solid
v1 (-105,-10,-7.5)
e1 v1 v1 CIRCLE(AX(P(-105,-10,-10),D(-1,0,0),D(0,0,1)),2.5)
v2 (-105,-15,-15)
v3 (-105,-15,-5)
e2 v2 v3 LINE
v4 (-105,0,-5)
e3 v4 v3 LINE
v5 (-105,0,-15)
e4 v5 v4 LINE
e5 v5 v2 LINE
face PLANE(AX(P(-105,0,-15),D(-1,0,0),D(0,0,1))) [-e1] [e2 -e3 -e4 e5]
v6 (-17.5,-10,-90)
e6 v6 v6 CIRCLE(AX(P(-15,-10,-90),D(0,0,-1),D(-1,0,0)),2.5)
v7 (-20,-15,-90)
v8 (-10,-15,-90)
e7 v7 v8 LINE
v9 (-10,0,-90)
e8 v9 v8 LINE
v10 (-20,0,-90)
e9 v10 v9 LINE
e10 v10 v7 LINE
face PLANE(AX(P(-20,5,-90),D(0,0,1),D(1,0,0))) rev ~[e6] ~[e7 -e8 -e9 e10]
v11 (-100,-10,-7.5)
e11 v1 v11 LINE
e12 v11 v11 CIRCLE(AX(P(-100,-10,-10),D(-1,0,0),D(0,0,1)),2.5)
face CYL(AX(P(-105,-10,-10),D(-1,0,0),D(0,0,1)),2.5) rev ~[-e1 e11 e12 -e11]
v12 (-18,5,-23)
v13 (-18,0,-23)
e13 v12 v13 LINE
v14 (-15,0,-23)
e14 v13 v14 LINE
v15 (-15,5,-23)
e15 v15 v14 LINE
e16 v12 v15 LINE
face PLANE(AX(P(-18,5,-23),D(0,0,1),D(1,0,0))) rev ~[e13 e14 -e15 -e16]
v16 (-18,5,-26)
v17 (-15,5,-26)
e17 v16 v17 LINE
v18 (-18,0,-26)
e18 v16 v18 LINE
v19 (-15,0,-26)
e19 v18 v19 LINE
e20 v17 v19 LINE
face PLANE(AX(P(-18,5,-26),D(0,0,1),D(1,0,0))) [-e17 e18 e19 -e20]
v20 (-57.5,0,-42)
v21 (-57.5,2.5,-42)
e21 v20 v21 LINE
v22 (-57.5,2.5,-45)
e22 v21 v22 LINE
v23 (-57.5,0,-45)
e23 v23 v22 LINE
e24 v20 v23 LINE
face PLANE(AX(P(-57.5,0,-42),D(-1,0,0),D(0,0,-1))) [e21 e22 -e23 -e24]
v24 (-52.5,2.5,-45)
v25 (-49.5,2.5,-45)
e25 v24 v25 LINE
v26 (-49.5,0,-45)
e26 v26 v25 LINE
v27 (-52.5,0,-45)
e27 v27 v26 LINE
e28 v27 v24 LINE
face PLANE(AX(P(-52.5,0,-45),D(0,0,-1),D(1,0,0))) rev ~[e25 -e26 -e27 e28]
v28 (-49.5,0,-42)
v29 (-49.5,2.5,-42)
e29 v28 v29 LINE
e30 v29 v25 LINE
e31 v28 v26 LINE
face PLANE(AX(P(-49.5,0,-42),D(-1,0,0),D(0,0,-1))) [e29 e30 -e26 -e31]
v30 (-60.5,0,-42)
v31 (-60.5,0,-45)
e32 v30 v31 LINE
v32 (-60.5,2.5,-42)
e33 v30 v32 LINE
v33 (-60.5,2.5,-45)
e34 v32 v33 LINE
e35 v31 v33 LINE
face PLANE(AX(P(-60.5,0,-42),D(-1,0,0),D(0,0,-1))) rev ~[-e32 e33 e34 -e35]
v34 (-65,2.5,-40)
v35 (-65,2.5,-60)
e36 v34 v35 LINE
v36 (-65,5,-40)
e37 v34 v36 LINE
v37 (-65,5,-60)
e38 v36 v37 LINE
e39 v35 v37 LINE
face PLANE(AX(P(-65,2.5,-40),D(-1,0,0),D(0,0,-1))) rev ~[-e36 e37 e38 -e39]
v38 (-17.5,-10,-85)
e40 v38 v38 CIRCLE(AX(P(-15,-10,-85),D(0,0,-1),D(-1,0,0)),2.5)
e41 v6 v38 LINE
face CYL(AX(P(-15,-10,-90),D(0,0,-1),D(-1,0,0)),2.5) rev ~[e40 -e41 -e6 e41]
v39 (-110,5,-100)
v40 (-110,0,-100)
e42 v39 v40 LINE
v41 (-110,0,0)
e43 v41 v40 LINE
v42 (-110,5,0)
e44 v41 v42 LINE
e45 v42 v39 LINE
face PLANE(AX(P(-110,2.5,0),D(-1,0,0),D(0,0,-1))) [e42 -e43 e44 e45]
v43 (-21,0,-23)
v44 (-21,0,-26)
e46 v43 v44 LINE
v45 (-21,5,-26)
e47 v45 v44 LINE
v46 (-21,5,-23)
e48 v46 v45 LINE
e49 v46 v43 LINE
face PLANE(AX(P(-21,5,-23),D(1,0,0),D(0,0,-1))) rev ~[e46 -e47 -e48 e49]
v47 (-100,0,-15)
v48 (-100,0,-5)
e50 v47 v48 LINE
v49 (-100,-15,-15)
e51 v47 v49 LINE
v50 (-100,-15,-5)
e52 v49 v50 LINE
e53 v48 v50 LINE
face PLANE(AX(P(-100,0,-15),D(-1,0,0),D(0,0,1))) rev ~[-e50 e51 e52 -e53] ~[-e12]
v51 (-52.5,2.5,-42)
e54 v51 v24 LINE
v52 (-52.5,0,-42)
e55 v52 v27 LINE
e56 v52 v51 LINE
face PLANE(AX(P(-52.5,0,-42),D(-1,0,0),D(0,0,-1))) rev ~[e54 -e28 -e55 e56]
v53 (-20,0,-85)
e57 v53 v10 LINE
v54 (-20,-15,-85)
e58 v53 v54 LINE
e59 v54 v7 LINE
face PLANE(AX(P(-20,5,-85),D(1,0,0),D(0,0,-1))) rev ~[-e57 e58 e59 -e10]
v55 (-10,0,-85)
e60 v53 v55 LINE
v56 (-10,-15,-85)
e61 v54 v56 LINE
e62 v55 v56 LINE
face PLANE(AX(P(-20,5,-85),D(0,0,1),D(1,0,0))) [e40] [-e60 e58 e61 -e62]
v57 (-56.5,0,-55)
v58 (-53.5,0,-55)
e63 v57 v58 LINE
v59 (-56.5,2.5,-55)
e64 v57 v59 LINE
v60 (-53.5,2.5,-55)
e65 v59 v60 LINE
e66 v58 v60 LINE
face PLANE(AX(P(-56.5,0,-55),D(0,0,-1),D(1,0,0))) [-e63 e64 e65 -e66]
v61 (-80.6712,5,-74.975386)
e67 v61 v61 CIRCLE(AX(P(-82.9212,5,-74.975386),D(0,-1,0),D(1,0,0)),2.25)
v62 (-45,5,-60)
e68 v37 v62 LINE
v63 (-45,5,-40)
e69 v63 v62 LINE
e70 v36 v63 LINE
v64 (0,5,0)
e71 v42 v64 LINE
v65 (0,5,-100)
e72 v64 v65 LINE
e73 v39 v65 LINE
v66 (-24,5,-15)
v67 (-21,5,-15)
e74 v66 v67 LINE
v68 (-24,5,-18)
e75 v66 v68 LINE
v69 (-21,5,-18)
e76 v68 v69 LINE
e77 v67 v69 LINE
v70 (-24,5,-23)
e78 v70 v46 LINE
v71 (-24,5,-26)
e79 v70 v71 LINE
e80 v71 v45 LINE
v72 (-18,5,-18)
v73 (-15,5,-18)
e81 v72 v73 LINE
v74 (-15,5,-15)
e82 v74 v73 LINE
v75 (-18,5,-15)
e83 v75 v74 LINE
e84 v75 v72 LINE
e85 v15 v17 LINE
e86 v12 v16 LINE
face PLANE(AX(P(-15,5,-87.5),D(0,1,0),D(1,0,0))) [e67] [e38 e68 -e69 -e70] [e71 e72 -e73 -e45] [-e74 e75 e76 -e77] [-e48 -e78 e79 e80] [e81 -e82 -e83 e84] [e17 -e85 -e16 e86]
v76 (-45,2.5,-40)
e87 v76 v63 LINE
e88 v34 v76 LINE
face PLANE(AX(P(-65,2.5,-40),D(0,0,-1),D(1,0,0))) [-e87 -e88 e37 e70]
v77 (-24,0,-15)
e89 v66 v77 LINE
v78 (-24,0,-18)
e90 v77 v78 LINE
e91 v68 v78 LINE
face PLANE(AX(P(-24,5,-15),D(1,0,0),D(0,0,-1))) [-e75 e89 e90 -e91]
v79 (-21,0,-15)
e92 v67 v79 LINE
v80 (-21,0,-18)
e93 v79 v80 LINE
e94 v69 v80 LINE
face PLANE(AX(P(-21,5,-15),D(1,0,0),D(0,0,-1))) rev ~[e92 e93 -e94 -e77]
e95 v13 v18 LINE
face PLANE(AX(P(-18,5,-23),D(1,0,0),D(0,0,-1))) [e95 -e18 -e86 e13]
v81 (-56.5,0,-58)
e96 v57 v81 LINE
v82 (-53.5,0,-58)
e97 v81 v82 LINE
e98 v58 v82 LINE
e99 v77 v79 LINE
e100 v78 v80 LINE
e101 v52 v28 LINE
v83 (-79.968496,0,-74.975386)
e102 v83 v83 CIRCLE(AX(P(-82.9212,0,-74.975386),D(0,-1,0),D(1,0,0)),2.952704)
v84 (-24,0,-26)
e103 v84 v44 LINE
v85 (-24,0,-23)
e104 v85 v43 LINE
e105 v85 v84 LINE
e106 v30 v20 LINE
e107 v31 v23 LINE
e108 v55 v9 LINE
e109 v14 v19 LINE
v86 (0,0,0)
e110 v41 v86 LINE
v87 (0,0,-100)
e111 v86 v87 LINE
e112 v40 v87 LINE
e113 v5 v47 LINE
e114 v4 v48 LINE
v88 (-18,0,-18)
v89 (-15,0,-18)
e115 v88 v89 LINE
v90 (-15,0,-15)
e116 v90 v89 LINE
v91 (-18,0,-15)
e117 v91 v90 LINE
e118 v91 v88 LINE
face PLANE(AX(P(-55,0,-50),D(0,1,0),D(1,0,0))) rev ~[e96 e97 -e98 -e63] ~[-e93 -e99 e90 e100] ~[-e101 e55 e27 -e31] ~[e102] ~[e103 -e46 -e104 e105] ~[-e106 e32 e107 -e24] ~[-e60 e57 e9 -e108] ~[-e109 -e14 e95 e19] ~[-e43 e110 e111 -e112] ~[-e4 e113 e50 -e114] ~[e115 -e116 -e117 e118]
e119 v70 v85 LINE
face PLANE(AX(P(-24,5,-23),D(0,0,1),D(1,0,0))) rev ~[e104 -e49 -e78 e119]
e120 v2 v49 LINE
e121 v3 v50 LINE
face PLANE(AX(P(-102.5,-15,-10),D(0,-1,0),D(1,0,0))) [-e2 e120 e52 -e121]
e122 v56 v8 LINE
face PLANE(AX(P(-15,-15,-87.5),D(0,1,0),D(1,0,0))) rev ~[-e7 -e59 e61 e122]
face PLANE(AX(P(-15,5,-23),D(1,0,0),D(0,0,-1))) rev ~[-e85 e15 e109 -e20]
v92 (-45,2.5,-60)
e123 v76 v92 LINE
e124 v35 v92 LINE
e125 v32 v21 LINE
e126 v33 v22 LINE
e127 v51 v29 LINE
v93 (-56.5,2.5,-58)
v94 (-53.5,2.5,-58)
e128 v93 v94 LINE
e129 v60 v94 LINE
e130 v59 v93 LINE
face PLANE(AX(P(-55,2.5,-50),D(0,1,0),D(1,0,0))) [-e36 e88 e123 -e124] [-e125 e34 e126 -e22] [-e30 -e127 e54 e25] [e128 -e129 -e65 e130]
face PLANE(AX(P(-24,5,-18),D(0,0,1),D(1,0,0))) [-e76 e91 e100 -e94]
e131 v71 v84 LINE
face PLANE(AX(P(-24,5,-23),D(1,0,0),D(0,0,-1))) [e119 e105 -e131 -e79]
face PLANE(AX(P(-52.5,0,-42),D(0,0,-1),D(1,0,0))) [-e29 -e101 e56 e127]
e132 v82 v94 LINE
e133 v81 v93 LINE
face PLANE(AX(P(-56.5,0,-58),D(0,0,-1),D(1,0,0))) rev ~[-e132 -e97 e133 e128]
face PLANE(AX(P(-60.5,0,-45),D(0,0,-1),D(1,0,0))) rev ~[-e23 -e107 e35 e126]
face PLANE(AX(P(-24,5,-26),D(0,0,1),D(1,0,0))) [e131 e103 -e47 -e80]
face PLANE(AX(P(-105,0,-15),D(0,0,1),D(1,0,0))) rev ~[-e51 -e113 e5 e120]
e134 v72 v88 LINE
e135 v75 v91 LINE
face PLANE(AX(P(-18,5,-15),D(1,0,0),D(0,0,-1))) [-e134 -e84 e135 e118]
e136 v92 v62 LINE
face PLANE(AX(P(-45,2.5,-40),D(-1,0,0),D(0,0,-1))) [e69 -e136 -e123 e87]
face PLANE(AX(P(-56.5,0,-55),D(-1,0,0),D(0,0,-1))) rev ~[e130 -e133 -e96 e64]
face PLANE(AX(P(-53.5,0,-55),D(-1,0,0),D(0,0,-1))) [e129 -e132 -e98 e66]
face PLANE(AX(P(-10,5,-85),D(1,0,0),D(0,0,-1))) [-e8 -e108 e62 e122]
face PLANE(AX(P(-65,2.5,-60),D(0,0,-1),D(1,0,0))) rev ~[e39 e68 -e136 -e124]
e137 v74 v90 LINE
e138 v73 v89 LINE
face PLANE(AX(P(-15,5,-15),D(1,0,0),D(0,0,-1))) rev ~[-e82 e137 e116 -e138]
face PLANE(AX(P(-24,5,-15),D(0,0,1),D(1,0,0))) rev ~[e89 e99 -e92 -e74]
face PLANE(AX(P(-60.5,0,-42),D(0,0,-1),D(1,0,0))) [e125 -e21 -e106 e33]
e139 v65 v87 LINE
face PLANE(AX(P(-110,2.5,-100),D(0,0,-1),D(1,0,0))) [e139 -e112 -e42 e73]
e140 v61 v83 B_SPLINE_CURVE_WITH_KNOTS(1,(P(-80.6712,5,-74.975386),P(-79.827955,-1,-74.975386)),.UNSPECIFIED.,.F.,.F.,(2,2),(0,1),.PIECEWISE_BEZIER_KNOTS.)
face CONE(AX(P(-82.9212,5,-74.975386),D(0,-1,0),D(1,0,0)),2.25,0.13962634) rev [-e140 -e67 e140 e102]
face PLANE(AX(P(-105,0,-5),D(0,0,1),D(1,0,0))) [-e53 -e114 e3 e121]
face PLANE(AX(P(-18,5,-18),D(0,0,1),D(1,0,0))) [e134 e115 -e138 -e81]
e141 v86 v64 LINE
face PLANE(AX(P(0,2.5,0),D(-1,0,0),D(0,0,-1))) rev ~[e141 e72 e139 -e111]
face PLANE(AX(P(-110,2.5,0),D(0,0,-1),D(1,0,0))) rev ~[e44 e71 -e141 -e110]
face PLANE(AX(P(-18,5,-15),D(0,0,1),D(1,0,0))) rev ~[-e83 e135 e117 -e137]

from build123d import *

# Parameters (mm, degrees)
SKETCH1_W           = 110
SKETCH1_H           = 100
SKETCH1_W_2         = 3
SKETCH1_H_2         = 3
BOSS_EXTRUDE1_DEPTH = 2.5
SKETCH2_W           = 110
SKETCH2_H           = 100
SKETCH2_W_2         = 20
SKETCH2_H_2         = 20
BOSS_EXTRUDE2_DEPTH = 2.5
SKETCH3_R           = 2.25
CUT_EXTRUDE1_DEPTH  = 6
CUT_EXTRUDE1_TAPER  = -8
SKETCH4_W           = 3
SKETCH4_H           = 3
CUT_EXTRUDE2_DEPTH  = 6.0000001
SKETCH5_W           = 10
SKETCH5_H           = 5
BOSS_EXTRUDE3_DEPTH = 20
SKETCH8_R           = 2.5
CUT_EXTRUDE4_DEPTH  = 15
SKETCH9_W           = 5
SKETCH9_H           = 10
BOSS_EXTRUDE4_DEPTH = 15
SKETCH10_R          = 2.5
CUT_EXTRUDE5_DEPTH  = 15


with BuildPart() as part:
    # Sketch1 → Boss-Extrude1 (new body)
    with BuildSketch(Plane(origin=(0, 0, 0), x_dir=(1, 0, 0), z_dir=(0, 1, 0))):
        with Locations((-55, 50)):
            Rectangle(SKETCH1_W, SKETCH1_H)
        with Locations((-59, 43.5)):
            Rectangle(SKETCH1_W_2, SKETCH1_H_2, mode=Mode.SUBTRACT)
        with Locations((-51, 43.5)):
            Rectangle(SKETCH1_W_2, SKETCH1_H_2, mode=Mode.SUBTRACT)
        with Locations((-55, 56.5)):
            Rectangle(SKETCH1_W_2, SKETCH1_H_2, mode=Mode.SUBTRACT)
    extrude(amount=BOSS_EXTRUDE1_DEPTH)

    # Sketch2 → Boss-Extrude2 (add)
    with BuildSketch(Plane(origin=(0, 2.5, 0), x_dir=(1, 0, 0), z_dir=(0, 1, 0))):
        with Locations((-55, 50)):
            Rectangle(SKETCH2_W, SKETCH2_H)
        with Locations((-55, 50)):
            Rectangle(SKETCH2_W_2, SKETCH2_H_2, mode=Mode.SUBTRACT)
    extrude(amount=BOSS_EXTRUDE2_DEPTH)

    # Sketch3 → Cut-Extrude1 (cut, through all)
    with BuildSketch(Plane(origin=(0, 5, 0), x_dir=(1, 0, 0), z_dir=(0, 1, 0))):
        with Locations((-82.921200256, 74.97538555)):
            Circle(SKETCH3_R)
    extrude(amount=-CUT_EXTRUDE1_DEPTH, taper=CUT_EXTRUDE1_TAPER, mode=Mode.SUBTRACT)

    # Sketch4 → Cut-Extrude2 (cut, through all)
    with BuildSketch(Plane(origin=(0, 5, 0), x_dir=(1, 0, 0), z_dir=(0, 1, 0))):
        with Locations((-22.5, 24.5)):
            Rectangle(SKETCH4_W, SKETCH4_H)
        with Locations((-16.5, 24.5)):
            Rectangle(SKETCH4_W, SKETCH4_H)
        with Locations((-22.5, 16.5)):
            Rectangle(SKETCH4_W, SKETCH4_H)
        with Locations((-16.5, 16.5)):
            Rectangle(SKETCH4_W, SKETCH4_H)
    extrude(amount=-CUT_EXTRUDE2_DEPTH, mode=Mode.SUBTRACT)

    # Sketch5 → Boss-Extrude3 (add)
    with BuildSketch(Plane(origin=(0, 5, 0), x_dir=(1, 0, 0), z_dir=(0, 1, 0))):
        with Locations((-15, 87.5)):
            Rectangle(SKETCH5_W, SKETCH5_H)
    extrude(amount=-BOSS_EXTRUDE3_DEPTH)

    # Sketch8 → Cut-Extrude4 (cut)
    with BuildSketch(Plane(origin=(0, 0, -90), x_dir=(-1, 0, 0), z_dir=(0, 0, -1))):
        with Locations((15, -10)):
            Circle(SKETCH8_R)
    extrude(amount=-CUT_EXTRUDE4_DEPTH, mode=Mode.SUBTRACT)

    # Sketch9 → Boss-Extrude4 (add)
    with BuildSketch(Plane.XZ):
        with Locations((-102.5, -10)):
            Rectangle(SKETCH9_W, SKETCH9_H)
    extrude(amount=BOSS_EXTRUDE4_DEPTH)

    # Sketch10 → Cut-Extrude5 (cut)
    with BuildSketch(Plane.ZY.offset(105)):
        with Locations((-10, -10)):
            Circle(SKETCH10_R)
    extrude(amount=-CUT_EXTRUDE5_DEPTH, mode=Mode.SUBTRACT)


solid = part.part
